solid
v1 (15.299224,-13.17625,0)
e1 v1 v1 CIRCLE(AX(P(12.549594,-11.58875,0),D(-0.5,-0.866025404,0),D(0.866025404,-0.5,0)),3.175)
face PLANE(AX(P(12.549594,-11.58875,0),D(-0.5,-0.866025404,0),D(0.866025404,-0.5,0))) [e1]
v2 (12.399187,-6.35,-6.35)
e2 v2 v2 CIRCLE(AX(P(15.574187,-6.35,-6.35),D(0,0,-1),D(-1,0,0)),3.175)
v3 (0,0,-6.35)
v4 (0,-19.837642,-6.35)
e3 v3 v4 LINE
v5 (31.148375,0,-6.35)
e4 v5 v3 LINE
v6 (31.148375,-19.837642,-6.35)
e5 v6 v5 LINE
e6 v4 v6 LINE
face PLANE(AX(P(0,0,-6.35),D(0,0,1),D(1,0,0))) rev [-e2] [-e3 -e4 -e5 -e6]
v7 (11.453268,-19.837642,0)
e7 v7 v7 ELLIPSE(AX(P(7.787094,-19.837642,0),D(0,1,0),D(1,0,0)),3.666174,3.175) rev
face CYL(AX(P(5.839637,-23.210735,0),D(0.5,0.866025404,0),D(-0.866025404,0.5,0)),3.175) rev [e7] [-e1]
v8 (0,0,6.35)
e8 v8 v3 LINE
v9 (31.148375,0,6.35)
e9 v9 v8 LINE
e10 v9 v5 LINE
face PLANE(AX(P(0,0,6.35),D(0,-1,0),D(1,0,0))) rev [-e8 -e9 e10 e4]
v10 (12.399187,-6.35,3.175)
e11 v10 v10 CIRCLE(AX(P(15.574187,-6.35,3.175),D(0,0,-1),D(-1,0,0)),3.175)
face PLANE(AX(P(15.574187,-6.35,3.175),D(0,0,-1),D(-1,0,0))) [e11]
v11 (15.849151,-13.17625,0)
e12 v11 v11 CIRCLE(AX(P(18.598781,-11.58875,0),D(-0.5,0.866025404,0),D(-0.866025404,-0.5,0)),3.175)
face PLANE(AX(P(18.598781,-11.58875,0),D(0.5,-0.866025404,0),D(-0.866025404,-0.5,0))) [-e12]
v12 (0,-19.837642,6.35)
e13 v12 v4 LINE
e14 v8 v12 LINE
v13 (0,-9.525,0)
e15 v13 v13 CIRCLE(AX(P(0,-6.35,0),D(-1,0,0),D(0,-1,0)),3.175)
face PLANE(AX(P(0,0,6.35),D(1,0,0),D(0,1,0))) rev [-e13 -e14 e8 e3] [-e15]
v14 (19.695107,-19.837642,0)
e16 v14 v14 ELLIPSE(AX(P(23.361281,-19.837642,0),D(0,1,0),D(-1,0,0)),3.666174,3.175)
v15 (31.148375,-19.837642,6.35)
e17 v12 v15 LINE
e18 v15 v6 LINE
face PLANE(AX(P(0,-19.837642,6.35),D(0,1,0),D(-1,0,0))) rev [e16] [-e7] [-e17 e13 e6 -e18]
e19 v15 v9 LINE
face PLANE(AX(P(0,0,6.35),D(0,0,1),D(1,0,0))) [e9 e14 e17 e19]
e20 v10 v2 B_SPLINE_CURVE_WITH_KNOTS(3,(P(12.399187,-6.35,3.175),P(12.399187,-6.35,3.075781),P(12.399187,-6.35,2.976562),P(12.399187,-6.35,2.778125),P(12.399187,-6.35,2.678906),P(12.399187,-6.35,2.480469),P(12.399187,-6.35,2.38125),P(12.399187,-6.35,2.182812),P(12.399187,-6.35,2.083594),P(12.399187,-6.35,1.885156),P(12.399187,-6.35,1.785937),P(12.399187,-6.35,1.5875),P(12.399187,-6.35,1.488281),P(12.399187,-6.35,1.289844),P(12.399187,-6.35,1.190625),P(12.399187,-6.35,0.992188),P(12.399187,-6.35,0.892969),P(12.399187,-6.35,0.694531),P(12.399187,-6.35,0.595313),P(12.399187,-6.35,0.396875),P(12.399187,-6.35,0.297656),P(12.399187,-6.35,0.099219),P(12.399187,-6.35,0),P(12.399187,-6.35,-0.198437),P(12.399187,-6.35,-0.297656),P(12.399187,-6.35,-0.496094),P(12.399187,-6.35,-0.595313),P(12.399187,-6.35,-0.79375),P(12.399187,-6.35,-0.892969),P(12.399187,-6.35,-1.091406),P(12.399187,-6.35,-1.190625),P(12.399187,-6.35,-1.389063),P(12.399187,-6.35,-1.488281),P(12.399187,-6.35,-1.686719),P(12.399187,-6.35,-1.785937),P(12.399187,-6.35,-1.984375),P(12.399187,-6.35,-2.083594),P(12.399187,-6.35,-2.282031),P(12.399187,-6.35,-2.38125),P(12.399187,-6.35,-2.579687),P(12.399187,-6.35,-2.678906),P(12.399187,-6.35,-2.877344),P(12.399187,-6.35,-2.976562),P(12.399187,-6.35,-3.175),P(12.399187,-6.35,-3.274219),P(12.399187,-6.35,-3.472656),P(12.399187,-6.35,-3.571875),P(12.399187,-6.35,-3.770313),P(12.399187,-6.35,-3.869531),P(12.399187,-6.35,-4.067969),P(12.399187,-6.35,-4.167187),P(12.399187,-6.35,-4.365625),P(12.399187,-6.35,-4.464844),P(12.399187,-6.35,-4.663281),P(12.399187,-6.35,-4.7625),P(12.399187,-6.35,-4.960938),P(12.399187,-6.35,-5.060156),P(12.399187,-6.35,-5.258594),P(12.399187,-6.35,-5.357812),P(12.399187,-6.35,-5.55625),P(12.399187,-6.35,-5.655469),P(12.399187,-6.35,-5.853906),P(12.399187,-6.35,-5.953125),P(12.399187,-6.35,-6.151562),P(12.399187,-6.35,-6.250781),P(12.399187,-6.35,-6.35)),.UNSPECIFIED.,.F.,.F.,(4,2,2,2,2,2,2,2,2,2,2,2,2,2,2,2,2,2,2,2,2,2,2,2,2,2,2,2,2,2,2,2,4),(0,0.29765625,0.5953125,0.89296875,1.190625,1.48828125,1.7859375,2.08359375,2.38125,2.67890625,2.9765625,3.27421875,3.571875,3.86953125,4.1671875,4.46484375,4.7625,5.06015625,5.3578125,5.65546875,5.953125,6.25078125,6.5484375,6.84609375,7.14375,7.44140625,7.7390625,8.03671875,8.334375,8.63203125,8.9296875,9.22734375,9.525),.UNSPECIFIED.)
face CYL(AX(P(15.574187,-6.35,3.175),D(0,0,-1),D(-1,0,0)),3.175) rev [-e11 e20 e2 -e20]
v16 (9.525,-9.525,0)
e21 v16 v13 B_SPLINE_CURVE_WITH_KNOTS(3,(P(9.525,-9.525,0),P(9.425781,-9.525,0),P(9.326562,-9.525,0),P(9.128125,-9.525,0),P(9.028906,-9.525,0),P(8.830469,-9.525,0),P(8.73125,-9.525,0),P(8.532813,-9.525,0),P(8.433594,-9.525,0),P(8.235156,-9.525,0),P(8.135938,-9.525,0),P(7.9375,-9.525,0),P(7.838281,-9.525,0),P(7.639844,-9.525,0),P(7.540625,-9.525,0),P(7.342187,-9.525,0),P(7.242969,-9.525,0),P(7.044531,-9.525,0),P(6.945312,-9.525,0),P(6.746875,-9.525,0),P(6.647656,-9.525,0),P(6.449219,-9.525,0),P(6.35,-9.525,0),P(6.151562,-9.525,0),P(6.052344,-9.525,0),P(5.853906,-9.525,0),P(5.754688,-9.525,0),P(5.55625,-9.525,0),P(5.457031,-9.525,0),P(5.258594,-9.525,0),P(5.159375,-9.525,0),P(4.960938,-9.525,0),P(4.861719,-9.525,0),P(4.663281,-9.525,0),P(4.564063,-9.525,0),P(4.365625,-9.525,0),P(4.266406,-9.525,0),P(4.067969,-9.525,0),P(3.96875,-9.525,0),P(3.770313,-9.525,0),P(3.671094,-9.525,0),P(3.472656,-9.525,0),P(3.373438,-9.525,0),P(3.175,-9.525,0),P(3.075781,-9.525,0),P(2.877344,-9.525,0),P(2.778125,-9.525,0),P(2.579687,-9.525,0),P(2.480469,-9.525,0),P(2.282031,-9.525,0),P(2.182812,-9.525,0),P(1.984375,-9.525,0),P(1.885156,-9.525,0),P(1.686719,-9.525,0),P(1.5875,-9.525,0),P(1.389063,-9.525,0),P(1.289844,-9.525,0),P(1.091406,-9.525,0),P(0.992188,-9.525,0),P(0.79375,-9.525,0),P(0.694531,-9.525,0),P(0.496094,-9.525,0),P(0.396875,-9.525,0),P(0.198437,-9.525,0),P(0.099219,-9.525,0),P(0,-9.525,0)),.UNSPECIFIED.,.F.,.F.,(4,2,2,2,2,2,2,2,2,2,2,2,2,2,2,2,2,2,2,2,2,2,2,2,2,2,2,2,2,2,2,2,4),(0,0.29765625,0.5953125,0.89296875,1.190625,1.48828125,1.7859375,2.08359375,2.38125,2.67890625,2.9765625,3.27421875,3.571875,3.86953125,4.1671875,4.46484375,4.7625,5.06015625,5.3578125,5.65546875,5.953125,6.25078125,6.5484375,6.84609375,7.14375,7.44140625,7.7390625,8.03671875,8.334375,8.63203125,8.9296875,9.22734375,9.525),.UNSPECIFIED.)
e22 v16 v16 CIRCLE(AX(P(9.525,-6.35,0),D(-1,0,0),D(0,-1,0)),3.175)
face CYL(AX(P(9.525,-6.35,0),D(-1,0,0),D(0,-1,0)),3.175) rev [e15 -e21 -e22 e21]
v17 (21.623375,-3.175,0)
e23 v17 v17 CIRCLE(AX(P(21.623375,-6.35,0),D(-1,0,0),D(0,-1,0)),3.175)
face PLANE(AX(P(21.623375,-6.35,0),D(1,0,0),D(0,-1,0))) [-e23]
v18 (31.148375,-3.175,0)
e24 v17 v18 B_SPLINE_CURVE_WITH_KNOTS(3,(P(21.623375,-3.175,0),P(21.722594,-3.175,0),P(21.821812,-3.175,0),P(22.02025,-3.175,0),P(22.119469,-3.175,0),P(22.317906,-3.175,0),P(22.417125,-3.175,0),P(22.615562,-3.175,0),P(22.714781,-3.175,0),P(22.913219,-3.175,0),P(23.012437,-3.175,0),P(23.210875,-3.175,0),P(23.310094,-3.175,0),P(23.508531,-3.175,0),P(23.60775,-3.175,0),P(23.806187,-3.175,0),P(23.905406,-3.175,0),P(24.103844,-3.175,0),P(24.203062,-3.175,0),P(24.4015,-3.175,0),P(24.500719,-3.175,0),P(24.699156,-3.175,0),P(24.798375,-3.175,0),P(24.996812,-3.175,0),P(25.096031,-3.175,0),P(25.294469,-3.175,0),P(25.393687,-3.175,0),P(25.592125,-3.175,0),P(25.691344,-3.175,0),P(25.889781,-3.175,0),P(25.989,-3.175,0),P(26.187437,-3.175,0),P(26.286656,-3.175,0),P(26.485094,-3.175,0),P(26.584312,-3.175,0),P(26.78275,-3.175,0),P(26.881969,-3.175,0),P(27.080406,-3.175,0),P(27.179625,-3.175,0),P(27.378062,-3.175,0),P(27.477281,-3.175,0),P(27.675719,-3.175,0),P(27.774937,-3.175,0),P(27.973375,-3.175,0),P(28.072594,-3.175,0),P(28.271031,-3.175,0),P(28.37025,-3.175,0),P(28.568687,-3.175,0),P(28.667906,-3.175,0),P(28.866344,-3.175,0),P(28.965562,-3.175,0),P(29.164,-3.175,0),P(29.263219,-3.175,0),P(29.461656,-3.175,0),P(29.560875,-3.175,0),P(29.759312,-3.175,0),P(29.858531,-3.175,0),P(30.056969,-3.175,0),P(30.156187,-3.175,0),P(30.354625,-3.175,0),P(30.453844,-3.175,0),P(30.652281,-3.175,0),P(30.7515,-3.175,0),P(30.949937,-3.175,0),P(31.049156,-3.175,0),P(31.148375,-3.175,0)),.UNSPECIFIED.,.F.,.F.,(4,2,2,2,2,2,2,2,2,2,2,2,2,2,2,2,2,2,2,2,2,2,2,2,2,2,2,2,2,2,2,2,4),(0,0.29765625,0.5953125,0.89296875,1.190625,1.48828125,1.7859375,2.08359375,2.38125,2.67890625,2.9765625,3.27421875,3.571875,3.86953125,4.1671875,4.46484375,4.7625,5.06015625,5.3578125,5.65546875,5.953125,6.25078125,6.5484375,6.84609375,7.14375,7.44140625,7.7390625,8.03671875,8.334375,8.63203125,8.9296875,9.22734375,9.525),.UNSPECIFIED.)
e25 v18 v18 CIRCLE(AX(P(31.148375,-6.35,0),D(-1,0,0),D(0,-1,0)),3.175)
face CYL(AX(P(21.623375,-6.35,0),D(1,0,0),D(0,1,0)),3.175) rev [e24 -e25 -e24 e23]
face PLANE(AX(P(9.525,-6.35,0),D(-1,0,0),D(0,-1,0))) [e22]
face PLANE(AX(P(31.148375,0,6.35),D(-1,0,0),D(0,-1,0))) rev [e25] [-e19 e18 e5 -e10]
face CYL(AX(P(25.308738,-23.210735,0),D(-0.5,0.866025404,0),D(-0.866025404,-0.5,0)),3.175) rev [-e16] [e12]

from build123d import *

# Parameters (mm, degrees)
SKETCH3_W                      = 31.148374891
SKETCH3_H                      = 19.837641971
BOSS_EXTRUDE1_DEPTH            = 6.35
SKETCH4_R                      = 3.175
CUT_EXTRUDE1_DEPTH             = 9.525
SKETCH5_R                      = 3.175
CUT_EXTRUDE5_DEPTH             = 9.525
CUT_EXTRUDE5_DIRECTION_2_REACH = 33.299
SKETCH6_R                      = 3.175
CUT_EXTRUDE6_DEPTH             = 9.525


with BuildPart() as part:
    # Sketch3 → Boss-Extrude1 (new, symmetric)
    with BuildSketch(Plane.XY):
        with Locations((15.574187446, -9.918820986)):
            Rectangle(SKETCH3_W, SKETCH3_H)
    extrude(amount=BOSS_EXTRUDE1_DEPTH, both=True)

    # Sketch4 → Cut-Extrude1 (cut)
    with BuildSketch(Plane.ZY):
        with Locations(Location((0, -6.35, 0), (0, 0, 270))):
            Circle(SKETCH4_R)
    cut_extrude1 = extrude(amount=-CUT_EXTRUDE1_DEPTH, mode=Mode.SUBTRACT)

    # Sketch5 → Cut-Extrude5 (cut)
    with BuildSketch(Plane(origin=(7.787093723, -19.837641971, 0), x_dir=(-0.8660254037844382, 0.500000000000001, 0), z_dir=(-0.500000000000001, -0.8660254037844382, 0))):
        with Locations(Location((0, 0, 0), (0, 0, 180))):
            Circle(SKETCH5_R)
    cut_extrude5 = extrude(amount=-CUT_EXTRUDE5_DEPTH, mode=Mode.SUBTRACT)

    # Sketch5 → Cut-Extrude5 direction 2 (cut, up to next)
    with BuildSketch(Plane(origin=(7.787093723, -19.837641971, 0), x_dir=(-0.8660254037844382, 0.500000000000001, 0), z_dir=(-0.500000000000001, -0.8660254037844382, 0)), mode=Mode.PRIVATE) as cut_extrude5_direction_2_sk1:
        with Locations(Location((0, 0, 0), (0, 0, 180))):
            Circle(SKETCH5_R)
    cut_extrude5_direction_2_tool1 = extrude(cut_extrude5_direction_2_sk1.sketch, amount=CUT_EXTRUDE5_DIRECTION_2_REACH, mode=Mode.PRIVATE) & part.part
    cut_extrude5_direction_2 = cut_extrude5_direction_2_tool1.solids().sort_by_distance((7.787094, -19.837642, 0))[0]
    add(cut_extrude5_direction_2, mode=Mode.SUBTRACT)

    # Sketch6 → Cut-Extrude6 (cut)
    with BuildSketch(Plane(origin=(0, 0, -6.35), x_dir=(-1, 0, 0), z_dir=(0, 0, -1))):
        with Locations((-15.574187445, -6.35)):
            Circle(SKETCH6_R)
    extrude(amount=-CUT_EXTRUDE6_DEPTH, mode=Mode.SUBTRACT)

    # Mirror1: Cut-Extrude1, Cut-Extrude5, Cut-Extrude5 direction 2 across plane
    add(cut_extrude1.mirror(Plane.ZY.offset(-15.574187445)), mode=Mode.SUBTRACT)
    add(cut_extrude5.mirror(Plane.ZY.offset(-15.574187445)), mode=Mode.SUBTRACT)
    add(cut_extrude5_direction_2.mirror(Plane.ZY.offset(-15.574187445)), mode=Mode.SUBTRACT)


solid = part.part
